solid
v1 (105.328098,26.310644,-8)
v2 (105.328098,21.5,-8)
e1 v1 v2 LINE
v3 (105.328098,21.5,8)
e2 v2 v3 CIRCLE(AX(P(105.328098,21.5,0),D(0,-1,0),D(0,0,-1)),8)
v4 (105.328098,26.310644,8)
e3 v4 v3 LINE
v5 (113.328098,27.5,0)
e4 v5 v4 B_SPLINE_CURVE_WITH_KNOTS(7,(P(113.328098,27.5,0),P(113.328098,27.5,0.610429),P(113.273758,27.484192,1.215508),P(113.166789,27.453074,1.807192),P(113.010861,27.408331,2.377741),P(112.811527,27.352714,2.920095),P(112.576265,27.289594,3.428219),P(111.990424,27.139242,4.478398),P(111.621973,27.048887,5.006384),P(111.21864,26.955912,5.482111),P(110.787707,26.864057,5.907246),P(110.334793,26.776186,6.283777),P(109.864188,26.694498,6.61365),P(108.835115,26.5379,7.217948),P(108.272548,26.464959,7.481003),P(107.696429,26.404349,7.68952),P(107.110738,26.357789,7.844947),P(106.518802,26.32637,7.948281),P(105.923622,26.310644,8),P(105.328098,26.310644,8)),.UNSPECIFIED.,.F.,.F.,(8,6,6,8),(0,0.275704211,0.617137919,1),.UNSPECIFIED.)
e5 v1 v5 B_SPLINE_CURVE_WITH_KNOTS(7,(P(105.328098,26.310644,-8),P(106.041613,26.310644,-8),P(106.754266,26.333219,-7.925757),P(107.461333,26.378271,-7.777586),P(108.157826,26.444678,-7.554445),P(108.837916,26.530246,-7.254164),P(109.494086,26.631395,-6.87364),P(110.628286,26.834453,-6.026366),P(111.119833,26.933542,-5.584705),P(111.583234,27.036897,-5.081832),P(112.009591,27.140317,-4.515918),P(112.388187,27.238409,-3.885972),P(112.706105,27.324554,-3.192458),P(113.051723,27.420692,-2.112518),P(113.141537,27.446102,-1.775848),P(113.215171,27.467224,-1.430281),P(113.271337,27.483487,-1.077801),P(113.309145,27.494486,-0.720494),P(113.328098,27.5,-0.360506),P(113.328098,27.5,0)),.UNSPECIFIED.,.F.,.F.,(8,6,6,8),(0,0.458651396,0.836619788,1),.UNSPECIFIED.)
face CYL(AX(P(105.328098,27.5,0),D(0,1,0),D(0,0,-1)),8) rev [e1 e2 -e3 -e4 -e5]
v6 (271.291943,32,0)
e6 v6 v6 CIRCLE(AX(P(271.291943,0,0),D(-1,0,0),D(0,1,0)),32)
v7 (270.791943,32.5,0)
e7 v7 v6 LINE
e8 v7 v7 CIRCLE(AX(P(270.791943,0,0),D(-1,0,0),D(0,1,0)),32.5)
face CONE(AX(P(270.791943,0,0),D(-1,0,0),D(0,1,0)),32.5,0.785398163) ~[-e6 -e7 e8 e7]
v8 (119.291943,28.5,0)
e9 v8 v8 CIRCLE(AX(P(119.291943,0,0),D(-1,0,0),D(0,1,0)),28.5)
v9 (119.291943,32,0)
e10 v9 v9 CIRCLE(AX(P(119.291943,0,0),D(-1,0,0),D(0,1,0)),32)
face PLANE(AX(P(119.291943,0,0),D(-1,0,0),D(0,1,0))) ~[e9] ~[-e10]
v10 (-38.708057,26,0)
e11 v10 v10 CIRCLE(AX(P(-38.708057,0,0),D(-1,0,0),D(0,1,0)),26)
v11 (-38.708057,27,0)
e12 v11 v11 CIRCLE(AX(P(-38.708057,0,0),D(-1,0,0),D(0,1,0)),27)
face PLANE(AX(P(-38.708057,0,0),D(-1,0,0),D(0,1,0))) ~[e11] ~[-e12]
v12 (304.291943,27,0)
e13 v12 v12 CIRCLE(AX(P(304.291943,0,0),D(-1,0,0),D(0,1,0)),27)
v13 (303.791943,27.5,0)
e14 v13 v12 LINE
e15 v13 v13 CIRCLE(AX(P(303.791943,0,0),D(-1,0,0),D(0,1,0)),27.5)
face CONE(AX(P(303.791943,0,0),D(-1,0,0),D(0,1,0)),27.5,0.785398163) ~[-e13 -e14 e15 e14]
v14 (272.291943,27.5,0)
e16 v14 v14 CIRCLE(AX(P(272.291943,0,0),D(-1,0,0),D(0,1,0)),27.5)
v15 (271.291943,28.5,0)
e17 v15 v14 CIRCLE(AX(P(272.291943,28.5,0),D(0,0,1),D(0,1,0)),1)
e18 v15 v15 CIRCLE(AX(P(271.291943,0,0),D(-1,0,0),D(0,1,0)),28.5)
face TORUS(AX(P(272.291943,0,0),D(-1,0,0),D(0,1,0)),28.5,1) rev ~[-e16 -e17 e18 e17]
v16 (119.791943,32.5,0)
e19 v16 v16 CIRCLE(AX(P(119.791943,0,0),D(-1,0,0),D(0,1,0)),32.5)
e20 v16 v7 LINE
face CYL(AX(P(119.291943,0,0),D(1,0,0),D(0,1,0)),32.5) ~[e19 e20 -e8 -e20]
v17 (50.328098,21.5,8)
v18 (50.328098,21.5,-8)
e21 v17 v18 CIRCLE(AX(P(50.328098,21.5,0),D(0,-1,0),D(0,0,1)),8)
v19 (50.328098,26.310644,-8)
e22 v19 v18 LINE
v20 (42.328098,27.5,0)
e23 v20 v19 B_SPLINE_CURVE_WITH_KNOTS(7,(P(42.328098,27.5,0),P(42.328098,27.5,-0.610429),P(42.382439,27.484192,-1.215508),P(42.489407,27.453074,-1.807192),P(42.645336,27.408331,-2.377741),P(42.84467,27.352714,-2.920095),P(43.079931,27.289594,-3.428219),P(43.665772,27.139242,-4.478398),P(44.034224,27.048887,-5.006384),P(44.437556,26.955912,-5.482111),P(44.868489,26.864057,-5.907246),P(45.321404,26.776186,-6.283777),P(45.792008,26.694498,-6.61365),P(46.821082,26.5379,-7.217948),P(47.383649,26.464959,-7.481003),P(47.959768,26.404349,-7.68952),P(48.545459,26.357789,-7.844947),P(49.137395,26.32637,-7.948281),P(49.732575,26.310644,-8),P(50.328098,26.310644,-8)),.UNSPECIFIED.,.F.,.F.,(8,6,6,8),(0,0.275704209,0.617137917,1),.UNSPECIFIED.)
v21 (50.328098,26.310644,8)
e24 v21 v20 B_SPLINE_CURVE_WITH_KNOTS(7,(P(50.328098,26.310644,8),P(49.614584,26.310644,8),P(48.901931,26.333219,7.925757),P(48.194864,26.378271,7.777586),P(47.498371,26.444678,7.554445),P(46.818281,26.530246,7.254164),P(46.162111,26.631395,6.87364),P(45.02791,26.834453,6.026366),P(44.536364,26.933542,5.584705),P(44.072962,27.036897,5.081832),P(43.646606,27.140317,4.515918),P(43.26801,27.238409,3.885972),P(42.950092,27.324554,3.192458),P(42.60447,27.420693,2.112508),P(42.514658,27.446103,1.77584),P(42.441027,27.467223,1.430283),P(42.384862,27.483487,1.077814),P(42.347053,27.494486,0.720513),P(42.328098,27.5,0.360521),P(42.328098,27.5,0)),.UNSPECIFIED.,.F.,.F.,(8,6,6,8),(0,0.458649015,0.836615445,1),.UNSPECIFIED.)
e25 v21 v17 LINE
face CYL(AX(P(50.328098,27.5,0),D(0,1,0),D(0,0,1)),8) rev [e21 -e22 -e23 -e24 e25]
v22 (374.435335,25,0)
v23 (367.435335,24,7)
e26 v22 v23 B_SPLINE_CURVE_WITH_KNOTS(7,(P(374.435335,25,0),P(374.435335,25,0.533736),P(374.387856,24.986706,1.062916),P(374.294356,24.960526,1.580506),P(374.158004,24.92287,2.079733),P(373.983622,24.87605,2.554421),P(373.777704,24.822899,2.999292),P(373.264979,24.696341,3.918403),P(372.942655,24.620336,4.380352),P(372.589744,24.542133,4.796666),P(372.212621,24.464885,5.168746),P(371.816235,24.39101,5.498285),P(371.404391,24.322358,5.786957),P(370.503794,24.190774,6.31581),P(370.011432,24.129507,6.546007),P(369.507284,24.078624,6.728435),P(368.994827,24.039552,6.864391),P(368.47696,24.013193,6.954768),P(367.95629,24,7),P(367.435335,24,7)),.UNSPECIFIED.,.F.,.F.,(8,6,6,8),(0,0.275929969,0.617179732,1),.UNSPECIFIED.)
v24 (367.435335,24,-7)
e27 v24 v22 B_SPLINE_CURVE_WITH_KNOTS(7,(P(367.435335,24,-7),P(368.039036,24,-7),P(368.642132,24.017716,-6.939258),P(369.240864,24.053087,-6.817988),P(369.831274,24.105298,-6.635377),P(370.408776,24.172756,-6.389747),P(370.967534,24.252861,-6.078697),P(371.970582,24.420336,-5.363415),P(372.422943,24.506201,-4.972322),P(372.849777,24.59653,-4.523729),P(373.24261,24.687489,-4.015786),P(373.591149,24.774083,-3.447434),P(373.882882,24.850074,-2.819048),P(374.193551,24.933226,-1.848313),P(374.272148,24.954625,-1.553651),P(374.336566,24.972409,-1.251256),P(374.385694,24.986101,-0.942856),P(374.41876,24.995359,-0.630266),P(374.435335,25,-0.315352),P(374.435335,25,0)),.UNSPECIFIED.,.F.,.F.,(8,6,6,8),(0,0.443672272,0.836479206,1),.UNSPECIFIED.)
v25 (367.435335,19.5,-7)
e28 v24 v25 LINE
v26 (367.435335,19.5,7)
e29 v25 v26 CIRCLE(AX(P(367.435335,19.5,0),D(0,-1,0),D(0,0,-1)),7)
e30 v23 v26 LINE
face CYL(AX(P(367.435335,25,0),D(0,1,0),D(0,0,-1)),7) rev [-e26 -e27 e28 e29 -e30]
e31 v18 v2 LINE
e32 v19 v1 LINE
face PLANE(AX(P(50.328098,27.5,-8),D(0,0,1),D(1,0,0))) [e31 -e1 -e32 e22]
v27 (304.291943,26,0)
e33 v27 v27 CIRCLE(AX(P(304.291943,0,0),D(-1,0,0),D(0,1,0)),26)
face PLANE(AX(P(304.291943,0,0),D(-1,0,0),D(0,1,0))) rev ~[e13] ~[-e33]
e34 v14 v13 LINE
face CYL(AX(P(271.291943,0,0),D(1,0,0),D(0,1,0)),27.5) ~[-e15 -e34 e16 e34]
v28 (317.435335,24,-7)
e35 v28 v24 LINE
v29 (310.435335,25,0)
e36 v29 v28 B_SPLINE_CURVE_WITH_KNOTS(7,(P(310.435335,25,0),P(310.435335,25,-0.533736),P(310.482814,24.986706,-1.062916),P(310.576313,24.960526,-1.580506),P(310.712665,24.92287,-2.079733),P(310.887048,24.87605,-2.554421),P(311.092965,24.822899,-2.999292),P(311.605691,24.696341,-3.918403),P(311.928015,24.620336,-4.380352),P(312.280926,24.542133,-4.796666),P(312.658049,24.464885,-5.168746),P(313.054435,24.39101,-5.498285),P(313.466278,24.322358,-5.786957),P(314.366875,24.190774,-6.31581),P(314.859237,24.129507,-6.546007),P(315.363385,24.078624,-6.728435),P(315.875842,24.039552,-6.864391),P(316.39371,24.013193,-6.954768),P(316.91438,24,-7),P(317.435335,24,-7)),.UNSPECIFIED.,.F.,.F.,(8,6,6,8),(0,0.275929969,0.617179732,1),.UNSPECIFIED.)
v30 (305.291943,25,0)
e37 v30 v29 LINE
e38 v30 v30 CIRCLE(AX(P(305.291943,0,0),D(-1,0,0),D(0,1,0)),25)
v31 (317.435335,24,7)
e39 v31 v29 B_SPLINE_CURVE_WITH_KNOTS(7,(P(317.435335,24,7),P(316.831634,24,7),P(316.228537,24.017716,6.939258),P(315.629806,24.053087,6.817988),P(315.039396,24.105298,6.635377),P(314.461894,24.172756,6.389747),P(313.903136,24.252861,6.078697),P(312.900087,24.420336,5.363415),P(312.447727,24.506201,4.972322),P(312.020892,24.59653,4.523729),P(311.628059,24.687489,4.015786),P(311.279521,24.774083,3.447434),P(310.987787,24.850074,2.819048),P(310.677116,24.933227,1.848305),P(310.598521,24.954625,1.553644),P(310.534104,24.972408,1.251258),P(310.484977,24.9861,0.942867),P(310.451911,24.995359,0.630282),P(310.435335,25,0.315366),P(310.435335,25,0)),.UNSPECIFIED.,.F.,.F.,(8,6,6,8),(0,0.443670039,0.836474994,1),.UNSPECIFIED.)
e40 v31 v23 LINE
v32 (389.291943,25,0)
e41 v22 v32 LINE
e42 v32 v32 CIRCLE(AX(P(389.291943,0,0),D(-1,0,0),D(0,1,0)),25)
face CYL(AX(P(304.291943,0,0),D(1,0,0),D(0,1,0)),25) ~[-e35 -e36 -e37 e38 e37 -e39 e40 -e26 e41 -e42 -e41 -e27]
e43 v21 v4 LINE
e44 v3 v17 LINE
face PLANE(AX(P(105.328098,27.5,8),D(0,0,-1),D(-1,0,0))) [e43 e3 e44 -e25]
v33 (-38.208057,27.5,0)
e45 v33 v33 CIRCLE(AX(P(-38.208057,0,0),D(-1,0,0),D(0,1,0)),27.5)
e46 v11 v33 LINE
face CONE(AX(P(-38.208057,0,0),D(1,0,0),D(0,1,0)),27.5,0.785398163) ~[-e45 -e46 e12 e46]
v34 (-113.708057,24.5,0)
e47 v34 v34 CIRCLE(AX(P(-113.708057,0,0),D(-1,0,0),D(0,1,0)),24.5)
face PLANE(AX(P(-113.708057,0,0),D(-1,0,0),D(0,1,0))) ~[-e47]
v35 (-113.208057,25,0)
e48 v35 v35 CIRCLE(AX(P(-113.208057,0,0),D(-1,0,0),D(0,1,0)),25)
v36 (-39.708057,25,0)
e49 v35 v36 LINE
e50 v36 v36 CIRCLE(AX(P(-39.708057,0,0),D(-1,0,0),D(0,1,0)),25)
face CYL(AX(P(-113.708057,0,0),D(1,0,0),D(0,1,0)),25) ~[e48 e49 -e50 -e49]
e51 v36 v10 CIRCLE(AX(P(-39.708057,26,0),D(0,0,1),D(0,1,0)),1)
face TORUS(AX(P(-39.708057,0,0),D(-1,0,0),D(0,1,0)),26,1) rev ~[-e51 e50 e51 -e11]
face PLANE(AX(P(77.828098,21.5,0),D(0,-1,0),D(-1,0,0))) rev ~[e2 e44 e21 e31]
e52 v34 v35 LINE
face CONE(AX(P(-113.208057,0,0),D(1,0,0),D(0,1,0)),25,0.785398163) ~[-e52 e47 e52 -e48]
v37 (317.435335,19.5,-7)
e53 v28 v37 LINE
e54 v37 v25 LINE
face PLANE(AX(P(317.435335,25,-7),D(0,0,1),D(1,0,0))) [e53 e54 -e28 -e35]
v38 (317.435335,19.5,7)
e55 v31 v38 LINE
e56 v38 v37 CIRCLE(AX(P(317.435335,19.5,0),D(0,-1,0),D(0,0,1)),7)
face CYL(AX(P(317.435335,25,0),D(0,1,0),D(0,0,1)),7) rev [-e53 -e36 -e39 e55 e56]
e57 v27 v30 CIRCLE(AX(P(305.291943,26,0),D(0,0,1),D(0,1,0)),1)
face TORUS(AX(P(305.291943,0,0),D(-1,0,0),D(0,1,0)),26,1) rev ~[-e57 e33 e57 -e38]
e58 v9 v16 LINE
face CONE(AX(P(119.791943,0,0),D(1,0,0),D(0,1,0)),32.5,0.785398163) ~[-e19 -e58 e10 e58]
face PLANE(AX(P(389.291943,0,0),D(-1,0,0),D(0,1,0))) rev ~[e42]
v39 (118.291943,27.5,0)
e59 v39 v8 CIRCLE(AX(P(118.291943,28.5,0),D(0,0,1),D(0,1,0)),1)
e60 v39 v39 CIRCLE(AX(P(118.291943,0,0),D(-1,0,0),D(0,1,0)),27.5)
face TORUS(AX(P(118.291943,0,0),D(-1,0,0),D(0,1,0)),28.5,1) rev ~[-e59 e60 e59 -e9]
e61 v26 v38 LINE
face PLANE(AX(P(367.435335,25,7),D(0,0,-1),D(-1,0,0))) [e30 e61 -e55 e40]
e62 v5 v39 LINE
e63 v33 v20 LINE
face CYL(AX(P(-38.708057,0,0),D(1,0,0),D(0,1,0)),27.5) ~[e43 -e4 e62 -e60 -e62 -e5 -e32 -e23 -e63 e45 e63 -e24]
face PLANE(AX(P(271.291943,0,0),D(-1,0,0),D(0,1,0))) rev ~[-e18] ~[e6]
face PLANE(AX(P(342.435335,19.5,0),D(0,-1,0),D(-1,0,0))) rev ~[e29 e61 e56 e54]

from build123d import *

# Parameters (mm, degrees)
CHAMFER1_SIZE      = 0.5
FILLET1_R          = 1
CUT_EXTRUDE1_DEPTH = 6
CUT_EXTRUDE2_DEPTH = 5.5


with BuildPart() as part:
    # Sketch1 → Revolve1 (revolve)
    with BuildSketch(Plane.XY):
        Polygon((-113.708057171, 0), (-113.708057171, 25), (-38.708057171, 25), (-38.708057171, 27.5), (119.291942829, 27.5), (119.291942829, 32.5), (271.291942829, 32.5), (271.291942829, 27.5), (304.291942829, 27.5), (304.291942829, 25), (389.291942829, 25), (389.291942829, 0), (178.819444444, 0), align=None)
    revolve(axis=Axis((178.819444444, 0, 0), (-1, 0, 0)))

    # Chamfer1
    chamfer1_edges = [part.edges().sort_by_distance(p)[0] for p in [
        (304.291942829, -27.5, 0),
        (271.291942829, -32.5, 0),
        (119.291942829, -32.5, 0),
        (-38.708057171, -27.5, 0),
        (-113.708057171, -25, 0),
    ]]
    chamfer(chamfer1_edges, length=CHAMFER1_SIZE)

    # Fillet1
    fillet1_edges = [part.edges().sort_by_distance(p)[0] for p in [
        (304.291942829, -25, 0),
        (271.291942829, -27.5, 0),
        (119.291942829, -27.5, 0),
        (-38.708057171, -25, 0),
    ]]
    fillet(fillet1_edges, radius=FILLET1_R)

    # Sketch3 → Cut-Extrude1 (cut)
    with BuildSketch(Plane(origin=(0, 27.5, 0), x_dir=(1, 0, 0), z_dir=(0, 1, 0))):
        with BuildLine():
            Line((50.328098338, 8), (105.328098338, 8))
            ThreePointArc((105.328098338, 8), (113.328098338, 0), (105.328098338, -8))
            Line((105.328098338, -8), (50.328098338, -8))
            ThreePointArc((50.328098338, -8), (42.328098338, 0), (50.328098338, 8))
        make_face()
    extrude(amount=-CUT_EXTRUDE1_DEPTH, mode=Mode.SUBTRACT)

    # Sketch4 → Cut-Extrude2 (cut)
    with BuildSketch(Plane(origin=(0, 25, 0), x_dir=(1, 0, 0), z_dir=(0, 1, 0))):
        with BuildLine():
            Line((317.435334748, 7), (367.435334748, 7))
            ThreePointArc((367.435334748, 7), (374.435334748, 0), (367.435334748, -7))
            Line((367.435334748, -7), (317.435334748, -7))
            ThreePointArc((317.435334748, -7), (310.435334748, 0), (317.435334748, 7))
        make_face()
    extrude(amount=-CUT_EXTRUDE2_DEPTH, mode=Mode.SUBTRACT)


solid = part.part
